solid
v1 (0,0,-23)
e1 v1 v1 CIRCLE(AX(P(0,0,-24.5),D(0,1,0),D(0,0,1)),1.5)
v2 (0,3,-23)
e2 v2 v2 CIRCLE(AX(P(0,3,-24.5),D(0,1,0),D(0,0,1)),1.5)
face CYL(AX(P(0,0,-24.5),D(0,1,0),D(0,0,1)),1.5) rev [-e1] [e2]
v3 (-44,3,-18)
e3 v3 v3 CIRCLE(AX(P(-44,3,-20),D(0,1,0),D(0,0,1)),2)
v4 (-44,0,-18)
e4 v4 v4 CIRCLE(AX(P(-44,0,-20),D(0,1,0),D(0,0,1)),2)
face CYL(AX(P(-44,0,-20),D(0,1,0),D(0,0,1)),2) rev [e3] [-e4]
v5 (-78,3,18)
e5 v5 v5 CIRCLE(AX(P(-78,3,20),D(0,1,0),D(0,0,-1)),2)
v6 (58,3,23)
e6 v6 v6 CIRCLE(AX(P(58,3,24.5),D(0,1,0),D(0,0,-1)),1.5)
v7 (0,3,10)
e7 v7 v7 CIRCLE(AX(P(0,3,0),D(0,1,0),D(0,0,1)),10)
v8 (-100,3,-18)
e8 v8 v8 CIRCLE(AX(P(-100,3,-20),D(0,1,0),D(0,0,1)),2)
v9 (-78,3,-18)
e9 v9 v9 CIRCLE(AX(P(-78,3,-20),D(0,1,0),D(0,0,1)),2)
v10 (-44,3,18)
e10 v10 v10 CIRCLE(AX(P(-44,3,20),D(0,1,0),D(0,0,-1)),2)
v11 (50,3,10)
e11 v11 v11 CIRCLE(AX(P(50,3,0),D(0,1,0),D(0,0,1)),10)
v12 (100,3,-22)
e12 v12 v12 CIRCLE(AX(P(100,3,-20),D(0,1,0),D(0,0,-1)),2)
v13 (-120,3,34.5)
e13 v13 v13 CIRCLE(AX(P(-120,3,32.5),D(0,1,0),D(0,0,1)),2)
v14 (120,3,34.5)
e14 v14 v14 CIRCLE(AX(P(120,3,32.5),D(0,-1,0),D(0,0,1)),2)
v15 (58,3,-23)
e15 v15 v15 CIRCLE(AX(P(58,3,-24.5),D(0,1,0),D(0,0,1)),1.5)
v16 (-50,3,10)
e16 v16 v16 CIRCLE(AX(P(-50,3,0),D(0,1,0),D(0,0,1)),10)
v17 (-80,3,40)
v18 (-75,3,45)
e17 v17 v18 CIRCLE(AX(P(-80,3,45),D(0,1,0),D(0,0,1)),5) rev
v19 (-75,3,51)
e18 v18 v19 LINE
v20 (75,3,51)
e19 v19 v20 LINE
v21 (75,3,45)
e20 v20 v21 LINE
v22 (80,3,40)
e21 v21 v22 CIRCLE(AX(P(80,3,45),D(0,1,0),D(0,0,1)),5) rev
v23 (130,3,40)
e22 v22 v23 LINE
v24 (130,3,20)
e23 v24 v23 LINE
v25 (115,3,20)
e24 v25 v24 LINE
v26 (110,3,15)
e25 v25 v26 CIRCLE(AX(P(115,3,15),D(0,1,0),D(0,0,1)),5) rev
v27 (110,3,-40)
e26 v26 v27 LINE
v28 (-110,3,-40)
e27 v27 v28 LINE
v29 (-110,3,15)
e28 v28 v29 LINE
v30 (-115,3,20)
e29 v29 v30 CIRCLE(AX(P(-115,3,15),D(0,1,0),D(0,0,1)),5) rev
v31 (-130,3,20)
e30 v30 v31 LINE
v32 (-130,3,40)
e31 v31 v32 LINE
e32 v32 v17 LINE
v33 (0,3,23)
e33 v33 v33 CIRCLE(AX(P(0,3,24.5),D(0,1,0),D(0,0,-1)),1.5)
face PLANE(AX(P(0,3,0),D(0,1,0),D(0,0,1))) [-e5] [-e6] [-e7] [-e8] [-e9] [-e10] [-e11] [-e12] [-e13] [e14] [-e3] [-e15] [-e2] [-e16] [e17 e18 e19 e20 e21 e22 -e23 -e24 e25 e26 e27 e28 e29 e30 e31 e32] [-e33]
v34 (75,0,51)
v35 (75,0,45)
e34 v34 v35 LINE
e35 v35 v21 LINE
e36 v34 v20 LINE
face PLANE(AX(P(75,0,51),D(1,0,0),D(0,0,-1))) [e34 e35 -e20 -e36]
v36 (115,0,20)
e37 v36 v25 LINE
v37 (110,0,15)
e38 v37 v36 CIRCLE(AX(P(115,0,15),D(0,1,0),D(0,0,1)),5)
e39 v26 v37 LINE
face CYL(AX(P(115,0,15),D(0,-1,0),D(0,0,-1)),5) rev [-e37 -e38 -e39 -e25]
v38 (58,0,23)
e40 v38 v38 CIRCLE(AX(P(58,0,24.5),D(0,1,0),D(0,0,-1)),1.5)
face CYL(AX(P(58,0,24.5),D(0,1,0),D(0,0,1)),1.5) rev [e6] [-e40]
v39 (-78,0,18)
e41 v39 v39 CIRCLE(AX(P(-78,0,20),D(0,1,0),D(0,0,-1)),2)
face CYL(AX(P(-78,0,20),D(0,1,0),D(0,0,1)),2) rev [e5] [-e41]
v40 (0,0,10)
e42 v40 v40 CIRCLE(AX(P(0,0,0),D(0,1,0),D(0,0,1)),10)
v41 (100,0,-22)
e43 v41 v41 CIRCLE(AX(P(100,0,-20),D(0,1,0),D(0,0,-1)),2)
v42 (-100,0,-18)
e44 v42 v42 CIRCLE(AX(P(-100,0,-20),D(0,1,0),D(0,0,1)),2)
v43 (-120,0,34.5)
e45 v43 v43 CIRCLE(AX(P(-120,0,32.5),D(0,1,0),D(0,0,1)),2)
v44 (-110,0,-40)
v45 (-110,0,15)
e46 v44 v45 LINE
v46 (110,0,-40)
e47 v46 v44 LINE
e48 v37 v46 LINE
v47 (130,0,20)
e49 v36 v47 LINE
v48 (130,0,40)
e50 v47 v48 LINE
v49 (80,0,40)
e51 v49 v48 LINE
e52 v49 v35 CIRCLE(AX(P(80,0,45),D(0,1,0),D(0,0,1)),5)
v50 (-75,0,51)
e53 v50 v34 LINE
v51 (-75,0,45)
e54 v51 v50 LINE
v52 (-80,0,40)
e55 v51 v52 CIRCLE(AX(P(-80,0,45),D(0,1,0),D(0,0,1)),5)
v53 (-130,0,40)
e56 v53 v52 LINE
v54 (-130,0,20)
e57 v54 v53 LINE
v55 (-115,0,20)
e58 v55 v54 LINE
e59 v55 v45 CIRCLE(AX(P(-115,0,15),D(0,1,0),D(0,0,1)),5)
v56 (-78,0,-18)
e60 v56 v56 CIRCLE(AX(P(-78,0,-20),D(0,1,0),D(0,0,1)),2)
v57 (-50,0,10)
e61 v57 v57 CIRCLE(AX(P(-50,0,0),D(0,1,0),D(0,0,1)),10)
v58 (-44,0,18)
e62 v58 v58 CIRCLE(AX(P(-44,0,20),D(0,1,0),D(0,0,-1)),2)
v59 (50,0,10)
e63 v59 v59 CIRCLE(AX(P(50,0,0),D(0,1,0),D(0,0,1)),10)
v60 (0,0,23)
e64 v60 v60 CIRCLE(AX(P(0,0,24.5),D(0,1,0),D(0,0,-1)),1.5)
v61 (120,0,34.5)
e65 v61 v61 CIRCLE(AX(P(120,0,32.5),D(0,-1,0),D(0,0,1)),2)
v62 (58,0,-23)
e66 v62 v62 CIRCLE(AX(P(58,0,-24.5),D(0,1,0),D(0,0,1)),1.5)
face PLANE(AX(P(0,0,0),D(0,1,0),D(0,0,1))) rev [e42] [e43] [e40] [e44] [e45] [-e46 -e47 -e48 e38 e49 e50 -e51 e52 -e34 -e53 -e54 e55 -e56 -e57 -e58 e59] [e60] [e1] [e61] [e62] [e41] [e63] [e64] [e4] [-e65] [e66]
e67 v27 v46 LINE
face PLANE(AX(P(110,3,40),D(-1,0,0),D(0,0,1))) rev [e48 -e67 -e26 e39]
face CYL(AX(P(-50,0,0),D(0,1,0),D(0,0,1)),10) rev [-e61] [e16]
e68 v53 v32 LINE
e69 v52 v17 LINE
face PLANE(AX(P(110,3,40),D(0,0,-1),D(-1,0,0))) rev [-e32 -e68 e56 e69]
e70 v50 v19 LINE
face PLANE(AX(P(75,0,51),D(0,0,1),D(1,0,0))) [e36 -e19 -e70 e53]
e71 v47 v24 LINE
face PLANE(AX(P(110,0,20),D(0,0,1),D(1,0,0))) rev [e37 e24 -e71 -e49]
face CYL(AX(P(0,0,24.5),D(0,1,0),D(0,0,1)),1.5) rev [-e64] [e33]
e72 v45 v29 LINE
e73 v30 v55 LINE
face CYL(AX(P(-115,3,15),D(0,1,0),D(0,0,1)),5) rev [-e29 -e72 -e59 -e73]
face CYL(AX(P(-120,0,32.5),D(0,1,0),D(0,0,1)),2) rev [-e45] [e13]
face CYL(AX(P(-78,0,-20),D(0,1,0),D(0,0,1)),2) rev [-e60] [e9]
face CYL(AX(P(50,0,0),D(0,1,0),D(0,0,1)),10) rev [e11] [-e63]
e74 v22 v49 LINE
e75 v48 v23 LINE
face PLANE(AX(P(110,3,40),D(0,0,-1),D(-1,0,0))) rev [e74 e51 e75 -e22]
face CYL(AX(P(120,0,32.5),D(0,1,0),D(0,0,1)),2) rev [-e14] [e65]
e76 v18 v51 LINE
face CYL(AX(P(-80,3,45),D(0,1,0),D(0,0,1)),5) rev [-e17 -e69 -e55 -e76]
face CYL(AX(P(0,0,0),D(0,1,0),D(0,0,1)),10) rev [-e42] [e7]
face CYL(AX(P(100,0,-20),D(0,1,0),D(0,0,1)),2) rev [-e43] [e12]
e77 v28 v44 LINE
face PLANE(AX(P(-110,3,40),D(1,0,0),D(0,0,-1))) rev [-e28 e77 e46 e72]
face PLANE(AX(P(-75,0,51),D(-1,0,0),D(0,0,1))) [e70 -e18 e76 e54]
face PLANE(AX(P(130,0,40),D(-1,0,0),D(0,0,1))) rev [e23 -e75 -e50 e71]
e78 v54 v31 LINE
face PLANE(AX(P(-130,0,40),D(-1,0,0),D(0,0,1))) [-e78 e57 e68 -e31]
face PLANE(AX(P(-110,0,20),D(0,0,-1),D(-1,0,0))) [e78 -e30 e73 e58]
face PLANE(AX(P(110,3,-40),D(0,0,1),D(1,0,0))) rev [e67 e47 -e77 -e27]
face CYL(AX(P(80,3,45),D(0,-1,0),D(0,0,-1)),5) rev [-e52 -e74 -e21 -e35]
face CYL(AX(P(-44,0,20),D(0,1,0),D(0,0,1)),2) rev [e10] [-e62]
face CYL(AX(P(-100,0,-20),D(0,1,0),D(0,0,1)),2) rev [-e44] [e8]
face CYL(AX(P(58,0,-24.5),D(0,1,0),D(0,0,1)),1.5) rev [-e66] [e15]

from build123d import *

# Parameters (mm, degrees)
SKETCH1_W           = 220
SKETCH1_H           = 80
BOSS_EXTRUDE1_DEPTH = 3
SKETCH2_W           = 20
SKETCH2_H           = 20
SKETCH2_R           = 2
BOSS_EXTRUDE2_DEPTH = 3
FILLET1_R           = 5
SKETCH3_R           = 2
CUT_EXTRUDE1_DEPTH  = 3
SKETCH4_R           = 1.5
CUT_EXTRUDE2_DEPTH  = 3
SKETCH5_W           = 150
SKETCH5_H           = 22
BOSS_EXTRUDE3_DEPTH = 3
FILLET2_R           = 5
SKETCH6_R           = 10
CUT_EXTRUDE3_DEPTH  = 3
SKETCH7_R           = 2
CUT_EXTRUDE4_DEPTH  = 3


with BuildPart() as part:
    # Sketch1 → Boss-Extrude1 (new body)
    with BuildSketch(Plane(origin=(0, 0, 0), x_dir=(1, 0, 0), z_dir=(0, 1, 0))):
        Rectangle(SKETCH1_W, SKETCH1_H)
    extrude(amount=BOSS_EXTRUDE1_DEPTH)

    # Sketch2 → Boss-Extrude2 (add)
    with BuildSketch(Plane(origin=(0, 3, 0), x_dir=(1, 0, 0), z_dir=(0, 1, 0))):
        with Locations((-120, -30)):
            Rectangle(SKETCH2_W, SKETCH2_H)
        with Locations((-120, -32.5)):
            Circle(SKETCH2_R, mode=Mode.SUBTRACT)
    boss_extrude2 = extrude(amount=-BOSS_EXTRUDE2_DEPTH)

    # Mirror1: Boss-Extrude2 across plane
    add(boss_extrude2.mirror(Plane(origin=(0, 0, 0), x_dir=(0, 0, 1), z_dir=(1, 0, 0))))

    # Fillet1
    fillet1_edges = [part.edges().sort_by_distance(p)[0] for p in [
        (-110, 1.5, 20),
        (110, 1.5, 20),
    ]]
    fillet(fillet1_edges, radius=FILLET1_R)

    # Sketch3 → Cut-Extrude1 (cut)
    with BuildSketch(Plane(origin=(0, 3, 0), x_dir=(1, 0, 0), z_dir=(0, 1, 0))):
        with Locations((-100, 20)):
            Circle(SKETCH3_R)
        with Locations((100, 20)):
            Circle(SKETCH3_R)
    extrude(amount=-CUT_EXTRUDE1_DEPTH, mode=Mode.SUBTRACT)

    # Sketch4 → Cut-Extrude2 (cut)
    with BuildSketch(Plane(origin=(0, 3, 0), x_dir=(1, 0, 0), z_dir=(0, 1, 0))):
        with Locations((0, 24.5)):
            Circle(SKETCH4_R)
        with Locations((58, 24.5)):
            Circle(SKETCH4_R)
        with Locations((58, -24.5)):
            Circle(SKETCH4_R)
        with Locations((0, -24.5)):
            Circle(SKETCH4_R)
    extrude(amount=-CUT_EXTRUDE2_DEPTH, mode=Mode.SUBTRACT)

    # Sketch5 → Boss-Extrude3 (add)
    with BuildSketch(Plane(origin=(0, 3, 0), x_dir=(1, 0, 0), z_dir=(0, 1, 0))):
        with Locations((0, -40)):
            Rectangle(SKETCH5_W, SKETCH5_H)
    extrude(amount=-BOSS_EXTRUDE3_DEPTH)

    # Fillet2
    fillet2_edges = [part.edges().sort_by_distance(p)[0] for p in [
        (-75, 1.5, 40),
        (75, 1.5, 40),
    ]]
    fillet(fillet2_edges, radius=FILLET2_R)

    # Sketch6 → Cut-Extrude3 (cut)
    with BuildSketch(Plane(origin=(0, 3, 0), x_dir=(1, 0, 0), z_dir=(0, 1, 0))):
        with Locations((-50, 0)):
            Circle(SKETCH6_R)
        Circle(SKETCH6_R)
        with Locations((50, 0)):
            Circle(SKETCH6_R)
    extrude(amount=-CUT_EXTRUDE3_DEPTH, mode=Mode.SUBTRACT)

    # Sketch7 → Cut-Extrude4 (cut)
    with BuildSketch(Plane(origin=(0, 3, 0), x_dir=(1, 0, 0), z_dir=(0, 1, 0))):
        with Locations((-78, 20)):
            Circle(SKETCH7_R)
        with Locations((-44, 20)):
            Circle(SKETCH7_R)
        with Locations((-44, -20)):
            Circle(SKETCH7_R)
        with Locations((-78, -20)):
            Circle(SKETCH7_R)
    extrude(amount=-CUT_EXTRUDE4_DEPTH, mode=Mode.SUBTRACT)


solid = part.part
